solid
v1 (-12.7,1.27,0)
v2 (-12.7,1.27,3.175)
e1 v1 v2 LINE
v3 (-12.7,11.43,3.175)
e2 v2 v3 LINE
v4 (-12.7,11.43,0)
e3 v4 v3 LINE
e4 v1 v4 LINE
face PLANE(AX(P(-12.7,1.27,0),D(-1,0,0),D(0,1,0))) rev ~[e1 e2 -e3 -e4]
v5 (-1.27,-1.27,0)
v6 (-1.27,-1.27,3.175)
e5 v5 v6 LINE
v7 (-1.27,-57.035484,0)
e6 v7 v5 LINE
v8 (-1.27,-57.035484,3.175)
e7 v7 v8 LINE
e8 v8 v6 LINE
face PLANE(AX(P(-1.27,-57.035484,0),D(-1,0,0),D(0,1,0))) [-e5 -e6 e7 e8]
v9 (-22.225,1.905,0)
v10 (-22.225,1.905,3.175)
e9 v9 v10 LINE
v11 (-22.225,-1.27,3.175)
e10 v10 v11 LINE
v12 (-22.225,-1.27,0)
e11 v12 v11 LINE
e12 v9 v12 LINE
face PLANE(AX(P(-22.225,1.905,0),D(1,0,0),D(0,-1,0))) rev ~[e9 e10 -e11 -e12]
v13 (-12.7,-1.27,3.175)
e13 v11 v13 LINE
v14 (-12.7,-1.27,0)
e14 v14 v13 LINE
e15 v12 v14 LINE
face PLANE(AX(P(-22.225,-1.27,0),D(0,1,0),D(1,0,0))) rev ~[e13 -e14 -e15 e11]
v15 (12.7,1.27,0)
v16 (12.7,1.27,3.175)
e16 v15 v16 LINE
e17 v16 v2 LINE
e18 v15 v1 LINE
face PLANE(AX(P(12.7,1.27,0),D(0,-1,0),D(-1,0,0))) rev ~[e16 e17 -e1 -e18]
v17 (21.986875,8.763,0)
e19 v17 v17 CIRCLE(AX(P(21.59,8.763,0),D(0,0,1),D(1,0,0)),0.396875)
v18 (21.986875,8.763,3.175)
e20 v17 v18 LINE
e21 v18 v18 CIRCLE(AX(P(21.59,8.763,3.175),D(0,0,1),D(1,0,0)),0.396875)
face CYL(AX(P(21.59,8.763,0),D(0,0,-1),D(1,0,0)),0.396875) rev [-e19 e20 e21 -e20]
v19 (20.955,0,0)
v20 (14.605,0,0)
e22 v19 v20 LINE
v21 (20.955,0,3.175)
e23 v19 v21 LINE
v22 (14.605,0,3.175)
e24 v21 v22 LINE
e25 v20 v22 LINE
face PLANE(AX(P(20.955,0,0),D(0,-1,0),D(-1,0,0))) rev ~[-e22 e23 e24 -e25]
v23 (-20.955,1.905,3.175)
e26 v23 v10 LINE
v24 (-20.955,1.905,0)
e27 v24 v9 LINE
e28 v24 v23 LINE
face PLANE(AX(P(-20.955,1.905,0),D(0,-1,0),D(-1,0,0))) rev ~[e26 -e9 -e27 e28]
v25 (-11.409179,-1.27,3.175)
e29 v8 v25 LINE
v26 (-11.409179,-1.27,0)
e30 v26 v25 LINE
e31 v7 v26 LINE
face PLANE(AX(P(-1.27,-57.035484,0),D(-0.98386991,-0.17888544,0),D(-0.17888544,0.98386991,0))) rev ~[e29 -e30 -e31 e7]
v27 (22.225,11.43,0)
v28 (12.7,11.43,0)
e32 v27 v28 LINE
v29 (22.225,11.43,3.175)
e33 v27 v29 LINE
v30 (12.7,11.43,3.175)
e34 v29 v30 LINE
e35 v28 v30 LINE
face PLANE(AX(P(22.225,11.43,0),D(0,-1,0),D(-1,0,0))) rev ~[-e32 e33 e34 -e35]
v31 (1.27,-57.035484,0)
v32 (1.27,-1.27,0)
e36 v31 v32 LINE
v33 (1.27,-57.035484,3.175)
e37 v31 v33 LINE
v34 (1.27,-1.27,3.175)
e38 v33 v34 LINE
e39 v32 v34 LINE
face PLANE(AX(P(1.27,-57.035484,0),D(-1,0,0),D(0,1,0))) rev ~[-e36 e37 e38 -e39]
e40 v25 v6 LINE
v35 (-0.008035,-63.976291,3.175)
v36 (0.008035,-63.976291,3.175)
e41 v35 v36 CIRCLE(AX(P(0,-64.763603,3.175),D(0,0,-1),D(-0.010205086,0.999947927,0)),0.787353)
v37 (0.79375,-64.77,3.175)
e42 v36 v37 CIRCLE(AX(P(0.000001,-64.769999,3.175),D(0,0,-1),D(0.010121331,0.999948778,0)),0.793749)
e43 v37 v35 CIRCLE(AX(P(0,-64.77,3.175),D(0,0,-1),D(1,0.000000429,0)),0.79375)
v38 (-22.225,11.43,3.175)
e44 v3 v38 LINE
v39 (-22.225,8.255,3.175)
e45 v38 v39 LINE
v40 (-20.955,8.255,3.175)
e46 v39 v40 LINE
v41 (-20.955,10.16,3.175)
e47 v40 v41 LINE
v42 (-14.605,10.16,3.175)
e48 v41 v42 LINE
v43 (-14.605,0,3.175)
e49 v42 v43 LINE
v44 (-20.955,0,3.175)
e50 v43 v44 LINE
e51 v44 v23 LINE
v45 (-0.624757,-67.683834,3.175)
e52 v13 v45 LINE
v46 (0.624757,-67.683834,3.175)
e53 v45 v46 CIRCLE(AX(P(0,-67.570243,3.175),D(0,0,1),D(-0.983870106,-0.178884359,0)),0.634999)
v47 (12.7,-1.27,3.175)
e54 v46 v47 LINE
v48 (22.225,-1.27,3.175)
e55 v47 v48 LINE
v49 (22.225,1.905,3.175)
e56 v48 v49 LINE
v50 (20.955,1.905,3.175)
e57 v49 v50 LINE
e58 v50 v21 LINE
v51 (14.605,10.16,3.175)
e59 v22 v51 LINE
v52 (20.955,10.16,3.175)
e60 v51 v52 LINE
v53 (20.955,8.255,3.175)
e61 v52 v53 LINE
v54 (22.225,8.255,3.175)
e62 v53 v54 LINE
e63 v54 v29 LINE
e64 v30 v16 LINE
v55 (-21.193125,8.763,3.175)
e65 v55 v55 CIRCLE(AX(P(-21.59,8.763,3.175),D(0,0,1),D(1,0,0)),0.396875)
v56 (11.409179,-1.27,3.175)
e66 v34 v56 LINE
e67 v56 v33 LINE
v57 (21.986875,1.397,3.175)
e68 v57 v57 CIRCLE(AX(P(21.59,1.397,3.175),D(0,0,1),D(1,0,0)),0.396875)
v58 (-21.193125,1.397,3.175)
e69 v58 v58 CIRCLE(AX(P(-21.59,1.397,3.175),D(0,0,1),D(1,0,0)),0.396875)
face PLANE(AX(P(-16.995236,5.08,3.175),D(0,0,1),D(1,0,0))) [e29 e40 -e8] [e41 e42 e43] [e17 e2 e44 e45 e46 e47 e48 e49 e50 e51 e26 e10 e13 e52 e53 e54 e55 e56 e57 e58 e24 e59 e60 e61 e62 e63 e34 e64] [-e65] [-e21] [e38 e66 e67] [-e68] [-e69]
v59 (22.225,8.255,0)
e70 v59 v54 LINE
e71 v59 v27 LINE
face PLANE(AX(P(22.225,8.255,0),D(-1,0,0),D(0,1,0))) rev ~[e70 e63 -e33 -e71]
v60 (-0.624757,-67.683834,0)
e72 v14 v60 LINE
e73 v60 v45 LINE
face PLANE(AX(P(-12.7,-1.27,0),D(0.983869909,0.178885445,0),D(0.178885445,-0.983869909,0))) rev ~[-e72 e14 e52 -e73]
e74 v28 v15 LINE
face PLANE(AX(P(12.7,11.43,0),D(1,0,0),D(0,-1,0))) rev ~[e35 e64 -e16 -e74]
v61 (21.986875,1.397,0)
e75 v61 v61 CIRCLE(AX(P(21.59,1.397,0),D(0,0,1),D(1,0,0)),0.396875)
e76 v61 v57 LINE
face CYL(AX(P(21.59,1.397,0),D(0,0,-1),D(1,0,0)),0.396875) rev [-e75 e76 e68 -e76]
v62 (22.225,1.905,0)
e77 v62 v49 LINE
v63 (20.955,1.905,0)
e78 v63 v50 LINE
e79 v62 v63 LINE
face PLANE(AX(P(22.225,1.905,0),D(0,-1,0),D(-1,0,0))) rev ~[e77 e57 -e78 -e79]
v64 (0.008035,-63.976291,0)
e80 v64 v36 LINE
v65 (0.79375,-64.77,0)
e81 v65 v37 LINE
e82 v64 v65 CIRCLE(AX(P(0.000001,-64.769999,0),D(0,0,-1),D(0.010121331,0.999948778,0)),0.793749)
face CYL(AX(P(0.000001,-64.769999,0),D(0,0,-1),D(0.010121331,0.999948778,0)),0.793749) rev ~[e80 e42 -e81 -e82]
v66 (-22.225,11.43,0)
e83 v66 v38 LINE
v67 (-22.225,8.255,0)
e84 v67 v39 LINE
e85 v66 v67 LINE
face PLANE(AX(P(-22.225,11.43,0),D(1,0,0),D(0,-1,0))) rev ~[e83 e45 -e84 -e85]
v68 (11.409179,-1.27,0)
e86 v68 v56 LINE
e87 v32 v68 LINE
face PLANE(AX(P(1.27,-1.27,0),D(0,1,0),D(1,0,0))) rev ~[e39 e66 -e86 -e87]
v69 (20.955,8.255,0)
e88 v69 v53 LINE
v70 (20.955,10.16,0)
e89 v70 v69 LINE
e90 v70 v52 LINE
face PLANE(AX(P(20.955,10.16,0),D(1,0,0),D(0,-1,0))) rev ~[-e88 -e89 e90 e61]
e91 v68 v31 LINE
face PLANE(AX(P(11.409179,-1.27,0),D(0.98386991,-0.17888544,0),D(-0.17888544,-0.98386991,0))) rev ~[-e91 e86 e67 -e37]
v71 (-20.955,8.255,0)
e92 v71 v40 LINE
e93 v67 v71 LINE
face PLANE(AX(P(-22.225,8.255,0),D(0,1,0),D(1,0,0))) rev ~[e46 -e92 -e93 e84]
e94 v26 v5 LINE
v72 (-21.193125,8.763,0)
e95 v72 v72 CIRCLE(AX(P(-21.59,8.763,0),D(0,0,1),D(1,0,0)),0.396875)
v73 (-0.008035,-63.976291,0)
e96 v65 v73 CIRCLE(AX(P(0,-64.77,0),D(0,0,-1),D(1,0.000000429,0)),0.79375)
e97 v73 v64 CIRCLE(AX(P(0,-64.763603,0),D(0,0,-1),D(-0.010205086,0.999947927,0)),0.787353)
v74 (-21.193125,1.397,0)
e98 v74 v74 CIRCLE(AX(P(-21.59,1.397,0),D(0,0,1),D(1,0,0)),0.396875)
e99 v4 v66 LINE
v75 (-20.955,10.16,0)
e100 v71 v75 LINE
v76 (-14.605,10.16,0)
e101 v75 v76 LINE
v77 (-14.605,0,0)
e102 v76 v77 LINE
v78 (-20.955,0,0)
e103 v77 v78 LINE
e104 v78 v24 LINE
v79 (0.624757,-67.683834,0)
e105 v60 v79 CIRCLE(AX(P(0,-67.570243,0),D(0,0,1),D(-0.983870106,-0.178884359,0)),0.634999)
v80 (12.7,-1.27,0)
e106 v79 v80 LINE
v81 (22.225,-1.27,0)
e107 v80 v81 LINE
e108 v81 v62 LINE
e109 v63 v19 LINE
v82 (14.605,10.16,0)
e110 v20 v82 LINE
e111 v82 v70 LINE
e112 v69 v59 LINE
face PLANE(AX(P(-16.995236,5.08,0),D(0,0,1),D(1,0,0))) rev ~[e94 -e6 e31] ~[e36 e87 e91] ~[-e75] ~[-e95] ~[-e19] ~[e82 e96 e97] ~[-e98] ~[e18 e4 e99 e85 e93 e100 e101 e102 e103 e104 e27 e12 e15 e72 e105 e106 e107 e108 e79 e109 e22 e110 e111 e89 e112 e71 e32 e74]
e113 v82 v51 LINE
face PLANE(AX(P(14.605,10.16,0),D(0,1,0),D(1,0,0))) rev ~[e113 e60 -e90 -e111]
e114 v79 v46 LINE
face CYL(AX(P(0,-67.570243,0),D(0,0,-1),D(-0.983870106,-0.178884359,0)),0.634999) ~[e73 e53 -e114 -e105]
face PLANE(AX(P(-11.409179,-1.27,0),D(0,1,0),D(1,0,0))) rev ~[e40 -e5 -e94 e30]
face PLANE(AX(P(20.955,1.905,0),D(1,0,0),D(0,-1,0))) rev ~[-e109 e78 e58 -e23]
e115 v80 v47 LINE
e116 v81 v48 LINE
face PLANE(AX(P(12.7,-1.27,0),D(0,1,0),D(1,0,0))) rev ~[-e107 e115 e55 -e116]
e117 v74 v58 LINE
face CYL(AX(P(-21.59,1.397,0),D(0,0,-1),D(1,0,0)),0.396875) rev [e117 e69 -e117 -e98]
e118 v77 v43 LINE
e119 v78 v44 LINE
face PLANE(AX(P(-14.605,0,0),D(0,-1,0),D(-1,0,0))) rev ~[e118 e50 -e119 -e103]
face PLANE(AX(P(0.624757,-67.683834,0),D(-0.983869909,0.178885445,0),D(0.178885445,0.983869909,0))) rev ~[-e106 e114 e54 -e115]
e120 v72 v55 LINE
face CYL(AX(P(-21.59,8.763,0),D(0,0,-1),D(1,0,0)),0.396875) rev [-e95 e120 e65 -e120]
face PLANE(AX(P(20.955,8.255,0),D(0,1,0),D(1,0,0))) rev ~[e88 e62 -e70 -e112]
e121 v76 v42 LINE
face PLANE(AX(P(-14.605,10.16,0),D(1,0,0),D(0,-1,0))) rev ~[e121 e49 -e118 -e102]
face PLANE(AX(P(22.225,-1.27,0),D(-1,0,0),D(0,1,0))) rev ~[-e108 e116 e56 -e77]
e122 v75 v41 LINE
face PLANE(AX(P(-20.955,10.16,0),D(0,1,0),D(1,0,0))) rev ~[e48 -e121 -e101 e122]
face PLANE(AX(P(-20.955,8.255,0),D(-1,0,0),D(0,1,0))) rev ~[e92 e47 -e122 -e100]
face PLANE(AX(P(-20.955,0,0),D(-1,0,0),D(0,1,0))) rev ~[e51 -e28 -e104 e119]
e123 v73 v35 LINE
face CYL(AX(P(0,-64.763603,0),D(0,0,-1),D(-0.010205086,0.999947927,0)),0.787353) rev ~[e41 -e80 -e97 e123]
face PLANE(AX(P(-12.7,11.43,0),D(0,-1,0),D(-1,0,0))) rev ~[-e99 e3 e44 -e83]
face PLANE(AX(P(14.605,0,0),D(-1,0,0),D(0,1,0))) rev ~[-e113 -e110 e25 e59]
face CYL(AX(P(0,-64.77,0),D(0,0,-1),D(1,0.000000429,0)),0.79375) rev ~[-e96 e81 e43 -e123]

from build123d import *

# Parameters (mm, degrees)
F0_R     = 0.396875
F0_W     = 2.54
F0_H     = 55.765484
F1_DEPTH = 3.175


with BuildPart() as f1:
    # F0 (on Top) → F1 (new body)
    with BuildSketch(Plane.XY):
        Polygon((-12.7, 11.43), (-22.225, 11.43), (-22.225, 8.255), (-20.955, 8.255), (-20.955, 10.16), (-14.605, 10.16), (-14.605, 0), (-20.955, 0), (-20.955, 1.905), (-22.225, 1.905), (-22.225, -1.27), (-12.7, -1.27), (-12.7, 1.27), align=None)
        with Locations((-21.59, 1.397)):
            Circle(F0_R, mode=Mode.SUBTRACT)
        with Locations((-21.59, 8.763)):
            Circle(F0_R, mode=Mode.SUBTRACT)
        Polygon((12.7, 1.27), (-12.7, 1.27), (-12.7, -1.27), (-11.409179, -1.27), (-1.27, -1.27), (1.27, -1.27), (11.409179, -1.27), (12.7, -1.27), align=None)
        Polygon((12.7, 11.43), (12.7, 1.27), (12.7, -1.27), (22.225, -1.27), (22.225, 1.905), (20.955, 1.905), (20.955, 0), (14.605, 0), (14.605, 10.16), (20.955, 10.16), (20.955, 8.255), (22.225, 8.255), (22.225, 11.43), align=None)
        with Locations((21.59, 1.397)):
            Circle(F0_R, mode=Mode.SUBTRACT)
        with Locations((21.59, 8.763)):
            Circle(F0_R, mode=Mode.SUBTRACT)
        with BuildLine():
            Line((-11.409179, -1.27), (-12.7, -1.27))
            Line((-12.7, -1.27), (-0.624757, -67.683834))
            ThreePointArc((-0.624757, -67.683834), (0, -68.205242), (0.624757, -67.683834))
            Line((0.624757, -67.683834), (12.7, -1.27))
            Line((12.7, -1.27), (11.409179, -1.27))
            Line((11.409179, -1.27), (1.27, -57.035484))
            Line((1.27, -57.035484), (0.008035, -63.976291))
            ThreePointArc((0.008035, -63.976291), (0.5641, -64.211582), (0.79375, -64.77))
            ThreePointArc((0.79375, -64.77), (-0.558418, -65.3341), (-0.008035, -63.976291))
            Line((-0.008035, -63.976291), (-1.27, -57.035484))
            Line((-1.27, -57.035484), (-11.409179, -1.27))
        make_face()
        with Locations((0, -29.152742)):
            Rectangle(F0_W, F0_H)
        with BuildLine():
            Line((1.27, -57.035484), (-1.27, -57.035484))
            Line((-1.27, -57.035484), (-0.008035, -63.976291))
            ThreePointArc((-0.008035, -63.976291), (0, -63.97625), (0.008035, -63.976291))
            Line((0.008035, -63.976291), (1.27, -57.035484))
        make_face()
    extrude(amount=F1_DEPTH)


solid = f1.part
